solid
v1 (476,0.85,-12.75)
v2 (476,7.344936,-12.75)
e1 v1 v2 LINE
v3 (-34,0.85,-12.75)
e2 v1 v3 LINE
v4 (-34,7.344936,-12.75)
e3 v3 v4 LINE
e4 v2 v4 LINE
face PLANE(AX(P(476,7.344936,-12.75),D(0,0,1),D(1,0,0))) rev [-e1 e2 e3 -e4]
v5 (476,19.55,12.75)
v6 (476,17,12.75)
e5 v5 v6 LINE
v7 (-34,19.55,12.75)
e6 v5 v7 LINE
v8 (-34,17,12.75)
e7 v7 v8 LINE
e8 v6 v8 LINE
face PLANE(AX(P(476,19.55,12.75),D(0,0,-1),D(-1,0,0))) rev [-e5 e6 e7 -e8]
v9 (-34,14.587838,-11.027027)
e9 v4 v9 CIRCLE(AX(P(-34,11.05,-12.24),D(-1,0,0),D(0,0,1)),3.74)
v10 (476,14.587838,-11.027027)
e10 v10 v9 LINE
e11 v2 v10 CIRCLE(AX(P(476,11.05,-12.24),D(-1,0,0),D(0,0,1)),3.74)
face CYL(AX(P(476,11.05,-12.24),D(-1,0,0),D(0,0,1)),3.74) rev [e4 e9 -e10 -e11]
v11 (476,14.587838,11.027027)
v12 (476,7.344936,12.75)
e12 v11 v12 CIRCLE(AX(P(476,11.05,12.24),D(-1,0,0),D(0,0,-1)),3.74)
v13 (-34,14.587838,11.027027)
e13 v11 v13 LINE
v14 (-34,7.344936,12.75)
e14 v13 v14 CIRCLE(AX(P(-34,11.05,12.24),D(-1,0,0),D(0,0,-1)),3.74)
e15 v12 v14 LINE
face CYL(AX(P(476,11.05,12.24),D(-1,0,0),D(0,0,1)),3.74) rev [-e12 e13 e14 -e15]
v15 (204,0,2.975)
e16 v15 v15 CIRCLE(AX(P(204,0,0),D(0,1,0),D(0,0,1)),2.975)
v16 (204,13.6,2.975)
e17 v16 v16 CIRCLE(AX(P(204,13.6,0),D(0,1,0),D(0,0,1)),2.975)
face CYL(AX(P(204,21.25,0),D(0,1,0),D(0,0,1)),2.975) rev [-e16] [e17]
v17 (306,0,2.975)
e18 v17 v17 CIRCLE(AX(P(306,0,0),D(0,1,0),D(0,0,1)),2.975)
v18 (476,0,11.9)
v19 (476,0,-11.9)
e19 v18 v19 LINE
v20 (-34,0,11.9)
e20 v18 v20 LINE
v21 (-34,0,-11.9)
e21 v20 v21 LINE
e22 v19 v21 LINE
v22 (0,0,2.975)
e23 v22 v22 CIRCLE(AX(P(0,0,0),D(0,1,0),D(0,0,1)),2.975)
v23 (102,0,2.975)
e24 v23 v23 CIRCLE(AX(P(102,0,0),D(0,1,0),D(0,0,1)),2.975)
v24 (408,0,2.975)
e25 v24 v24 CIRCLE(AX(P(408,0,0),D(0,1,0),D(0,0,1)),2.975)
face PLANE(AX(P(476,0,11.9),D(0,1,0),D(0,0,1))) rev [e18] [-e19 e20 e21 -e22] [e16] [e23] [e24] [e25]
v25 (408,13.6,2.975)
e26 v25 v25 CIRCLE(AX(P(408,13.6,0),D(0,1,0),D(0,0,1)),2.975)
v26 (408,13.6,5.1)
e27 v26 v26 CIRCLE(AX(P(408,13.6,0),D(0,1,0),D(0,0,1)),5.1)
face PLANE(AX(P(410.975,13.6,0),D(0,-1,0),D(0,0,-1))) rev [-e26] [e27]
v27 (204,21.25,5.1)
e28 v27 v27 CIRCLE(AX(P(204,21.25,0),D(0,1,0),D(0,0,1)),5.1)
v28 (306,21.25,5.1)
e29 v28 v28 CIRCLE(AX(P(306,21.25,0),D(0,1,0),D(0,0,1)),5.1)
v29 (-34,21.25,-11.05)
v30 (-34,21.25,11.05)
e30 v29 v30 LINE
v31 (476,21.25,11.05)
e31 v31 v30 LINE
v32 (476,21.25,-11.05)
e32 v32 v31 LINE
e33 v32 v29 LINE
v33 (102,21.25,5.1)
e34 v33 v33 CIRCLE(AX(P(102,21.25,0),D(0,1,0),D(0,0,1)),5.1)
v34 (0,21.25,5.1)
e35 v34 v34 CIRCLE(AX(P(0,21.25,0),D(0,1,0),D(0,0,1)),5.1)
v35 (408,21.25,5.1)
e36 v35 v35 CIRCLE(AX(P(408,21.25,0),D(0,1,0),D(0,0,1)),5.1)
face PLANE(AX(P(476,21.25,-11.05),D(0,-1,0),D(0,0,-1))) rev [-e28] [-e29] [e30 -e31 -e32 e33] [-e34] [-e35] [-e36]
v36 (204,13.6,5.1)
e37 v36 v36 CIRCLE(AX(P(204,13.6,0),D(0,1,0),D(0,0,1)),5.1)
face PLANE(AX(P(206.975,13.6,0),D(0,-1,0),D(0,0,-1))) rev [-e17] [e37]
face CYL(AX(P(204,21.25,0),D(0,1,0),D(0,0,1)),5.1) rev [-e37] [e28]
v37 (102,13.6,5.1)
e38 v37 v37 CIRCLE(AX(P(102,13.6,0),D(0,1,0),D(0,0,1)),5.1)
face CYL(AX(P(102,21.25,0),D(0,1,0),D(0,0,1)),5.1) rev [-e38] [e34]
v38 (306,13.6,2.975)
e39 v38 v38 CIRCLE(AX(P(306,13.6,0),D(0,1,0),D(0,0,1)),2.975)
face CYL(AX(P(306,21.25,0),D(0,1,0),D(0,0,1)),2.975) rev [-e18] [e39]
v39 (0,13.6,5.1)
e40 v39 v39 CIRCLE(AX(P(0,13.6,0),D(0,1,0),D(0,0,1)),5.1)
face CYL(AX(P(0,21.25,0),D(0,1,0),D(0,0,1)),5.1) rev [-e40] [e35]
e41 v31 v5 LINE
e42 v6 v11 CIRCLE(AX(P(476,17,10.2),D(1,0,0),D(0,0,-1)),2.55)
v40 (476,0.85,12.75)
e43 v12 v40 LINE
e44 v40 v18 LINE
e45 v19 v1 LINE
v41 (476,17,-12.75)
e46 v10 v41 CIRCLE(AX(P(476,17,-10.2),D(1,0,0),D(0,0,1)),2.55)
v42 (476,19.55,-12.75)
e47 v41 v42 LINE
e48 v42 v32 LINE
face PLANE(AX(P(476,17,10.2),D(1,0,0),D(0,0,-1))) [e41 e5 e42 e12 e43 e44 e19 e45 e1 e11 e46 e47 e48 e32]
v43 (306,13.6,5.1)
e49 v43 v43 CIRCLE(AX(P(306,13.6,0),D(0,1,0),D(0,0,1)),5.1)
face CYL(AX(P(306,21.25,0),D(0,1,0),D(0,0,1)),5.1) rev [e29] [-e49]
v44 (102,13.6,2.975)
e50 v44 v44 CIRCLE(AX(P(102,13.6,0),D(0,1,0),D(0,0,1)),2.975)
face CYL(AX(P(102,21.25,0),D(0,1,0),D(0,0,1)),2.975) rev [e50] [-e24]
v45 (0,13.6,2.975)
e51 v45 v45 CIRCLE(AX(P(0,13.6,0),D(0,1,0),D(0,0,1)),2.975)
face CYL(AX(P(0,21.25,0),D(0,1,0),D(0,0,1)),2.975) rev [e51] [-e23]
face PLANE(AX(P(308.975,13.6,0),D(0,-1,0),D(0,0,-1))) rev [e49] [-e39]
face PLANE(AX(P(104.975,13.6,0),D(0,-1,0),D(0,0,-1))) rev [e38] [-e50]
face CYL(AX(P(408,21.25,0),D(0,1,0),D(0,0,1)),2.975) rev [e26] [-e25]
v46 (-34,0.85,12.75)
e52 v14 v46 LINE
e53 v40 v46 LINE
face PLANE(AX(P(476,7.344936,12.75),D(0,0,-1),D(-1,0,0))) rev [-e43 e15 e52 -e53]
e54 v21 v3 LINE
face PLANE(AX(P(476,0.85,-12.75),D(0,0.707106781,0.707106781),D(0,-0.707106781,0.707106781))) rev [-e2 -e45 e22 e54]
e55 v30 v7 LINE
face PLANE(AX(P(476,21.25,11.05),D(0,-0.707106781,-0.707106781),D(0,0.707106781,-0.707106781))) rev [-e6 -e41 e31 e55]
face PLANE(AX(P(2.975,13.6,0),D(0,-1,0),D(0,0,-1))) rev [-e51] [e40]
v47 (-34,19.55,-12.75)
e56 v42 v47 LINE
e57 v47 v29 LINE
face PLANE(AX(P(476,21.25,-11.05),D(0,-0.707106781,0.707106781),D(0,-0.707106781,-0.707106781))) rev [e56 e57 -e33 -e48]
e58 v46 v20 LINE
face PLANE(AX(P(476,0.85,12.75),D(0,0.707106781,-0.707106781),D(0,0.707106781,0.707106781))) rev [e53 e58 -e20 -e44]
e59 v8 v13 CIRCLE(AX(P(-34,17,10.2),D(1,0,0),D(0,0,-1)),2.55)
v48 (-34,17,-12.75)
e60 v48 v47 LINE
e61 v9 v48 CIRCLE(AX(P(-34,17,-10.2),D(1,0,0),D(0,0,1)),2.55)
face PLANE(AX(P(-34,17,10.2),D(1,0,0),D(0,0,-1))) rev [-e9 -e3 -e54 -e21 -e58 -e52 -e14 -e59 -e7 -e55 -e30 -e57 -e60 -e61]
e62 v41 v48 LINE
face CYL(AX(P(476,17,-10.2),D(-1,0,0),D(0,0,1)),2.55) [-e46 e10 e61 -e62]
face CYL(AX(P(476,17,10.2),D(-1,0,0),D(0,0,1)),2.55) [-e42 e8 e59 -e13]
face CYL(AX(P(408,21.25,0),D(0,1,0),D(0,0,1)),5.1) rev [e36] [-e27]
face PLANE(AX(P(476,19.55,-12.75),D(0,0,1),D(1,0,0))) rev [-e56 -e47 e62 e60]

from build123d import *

# Parameters (mm, degrees)
BOSS_EXTRUDE1_DEPTH    = 300
CAP_SCREW1_D           = 3.5
CAP_SCREW1_CBORE_D     = 6
CAP_SCREW1_CBORE_DEPTH = 4.5
SCALE_2_SCALE          = 1.7


with BuildPart() as part:
    # Sketch1 → Boss-Extrude1 (new body)
    with BuildSketch(Plane(origin=(-20, 0, 0), x_dir=(0, 0, -1), z_dir=(1, 0, 0))):
        with BuildLine():
            Line((6.5, 12.5), (7.5, 11.5))
            Line((7.5, 11.5), (7.5, 10))
            ThreePointArc((7.5, 10), (7.220600207, 9.128142709), (6.486486486, 8.581081081))
            ThreePointArc((6.486486486, 8.581081081), (5.059724666, 5.990862007), (7.5, 4.320550528))
            Line((7.5, 4.320550528), (7.5, 0.5))
            Line((7.5, 0.5), (7, 0))
            Line((7, 0), (-7, 0))
            Line((-7, 0), (-7.5, 0.5))
            Line((-7.5, 0.5), (-7.5, 4.320550528))
            ThreePointArc((-7.5, 4.320550528), (-5.059724666, 5.990862007), (-6.486486486, 8.581081081))
            ThreePointArc((-6.486486486, 8.581081081), (-7.220600207, 9.128142709), (-7.5, 10))
            Line((-7.5, 10), (-7.5, 11.5))
            Line((-7.5, 11.5), (-6.5, 12.5))
            Line((-6.5, 12.5), (6.5, 12.5))
        make_face()
    extrude(amount=BOSS_EXTRUDE1_DEPTH)

    # Cap Screw1 (through all)
    with Locations(Plane(origin=(0, 12.5, 0), x_dir=(1, 0, 0), z_dir=(0, 1, 0))):
        with Locations((0, 0), (60, 0), (120, 0), (180, 0), (240, 0), (300, 0), (360, 0), (420, 0)):
            CounterBoreHole(CAP_SCREW1_D / 2, CAP_SCREW1_CBORE_D / 2, CAP_SCREW1_CBORE_DEPTH)


with BuildPart() as part_1:
    # 缩放比例2: scaled about (0, 0, 0)
    add(part.part.scale(SCALE_2_SCALE))


solid = part_1.part
